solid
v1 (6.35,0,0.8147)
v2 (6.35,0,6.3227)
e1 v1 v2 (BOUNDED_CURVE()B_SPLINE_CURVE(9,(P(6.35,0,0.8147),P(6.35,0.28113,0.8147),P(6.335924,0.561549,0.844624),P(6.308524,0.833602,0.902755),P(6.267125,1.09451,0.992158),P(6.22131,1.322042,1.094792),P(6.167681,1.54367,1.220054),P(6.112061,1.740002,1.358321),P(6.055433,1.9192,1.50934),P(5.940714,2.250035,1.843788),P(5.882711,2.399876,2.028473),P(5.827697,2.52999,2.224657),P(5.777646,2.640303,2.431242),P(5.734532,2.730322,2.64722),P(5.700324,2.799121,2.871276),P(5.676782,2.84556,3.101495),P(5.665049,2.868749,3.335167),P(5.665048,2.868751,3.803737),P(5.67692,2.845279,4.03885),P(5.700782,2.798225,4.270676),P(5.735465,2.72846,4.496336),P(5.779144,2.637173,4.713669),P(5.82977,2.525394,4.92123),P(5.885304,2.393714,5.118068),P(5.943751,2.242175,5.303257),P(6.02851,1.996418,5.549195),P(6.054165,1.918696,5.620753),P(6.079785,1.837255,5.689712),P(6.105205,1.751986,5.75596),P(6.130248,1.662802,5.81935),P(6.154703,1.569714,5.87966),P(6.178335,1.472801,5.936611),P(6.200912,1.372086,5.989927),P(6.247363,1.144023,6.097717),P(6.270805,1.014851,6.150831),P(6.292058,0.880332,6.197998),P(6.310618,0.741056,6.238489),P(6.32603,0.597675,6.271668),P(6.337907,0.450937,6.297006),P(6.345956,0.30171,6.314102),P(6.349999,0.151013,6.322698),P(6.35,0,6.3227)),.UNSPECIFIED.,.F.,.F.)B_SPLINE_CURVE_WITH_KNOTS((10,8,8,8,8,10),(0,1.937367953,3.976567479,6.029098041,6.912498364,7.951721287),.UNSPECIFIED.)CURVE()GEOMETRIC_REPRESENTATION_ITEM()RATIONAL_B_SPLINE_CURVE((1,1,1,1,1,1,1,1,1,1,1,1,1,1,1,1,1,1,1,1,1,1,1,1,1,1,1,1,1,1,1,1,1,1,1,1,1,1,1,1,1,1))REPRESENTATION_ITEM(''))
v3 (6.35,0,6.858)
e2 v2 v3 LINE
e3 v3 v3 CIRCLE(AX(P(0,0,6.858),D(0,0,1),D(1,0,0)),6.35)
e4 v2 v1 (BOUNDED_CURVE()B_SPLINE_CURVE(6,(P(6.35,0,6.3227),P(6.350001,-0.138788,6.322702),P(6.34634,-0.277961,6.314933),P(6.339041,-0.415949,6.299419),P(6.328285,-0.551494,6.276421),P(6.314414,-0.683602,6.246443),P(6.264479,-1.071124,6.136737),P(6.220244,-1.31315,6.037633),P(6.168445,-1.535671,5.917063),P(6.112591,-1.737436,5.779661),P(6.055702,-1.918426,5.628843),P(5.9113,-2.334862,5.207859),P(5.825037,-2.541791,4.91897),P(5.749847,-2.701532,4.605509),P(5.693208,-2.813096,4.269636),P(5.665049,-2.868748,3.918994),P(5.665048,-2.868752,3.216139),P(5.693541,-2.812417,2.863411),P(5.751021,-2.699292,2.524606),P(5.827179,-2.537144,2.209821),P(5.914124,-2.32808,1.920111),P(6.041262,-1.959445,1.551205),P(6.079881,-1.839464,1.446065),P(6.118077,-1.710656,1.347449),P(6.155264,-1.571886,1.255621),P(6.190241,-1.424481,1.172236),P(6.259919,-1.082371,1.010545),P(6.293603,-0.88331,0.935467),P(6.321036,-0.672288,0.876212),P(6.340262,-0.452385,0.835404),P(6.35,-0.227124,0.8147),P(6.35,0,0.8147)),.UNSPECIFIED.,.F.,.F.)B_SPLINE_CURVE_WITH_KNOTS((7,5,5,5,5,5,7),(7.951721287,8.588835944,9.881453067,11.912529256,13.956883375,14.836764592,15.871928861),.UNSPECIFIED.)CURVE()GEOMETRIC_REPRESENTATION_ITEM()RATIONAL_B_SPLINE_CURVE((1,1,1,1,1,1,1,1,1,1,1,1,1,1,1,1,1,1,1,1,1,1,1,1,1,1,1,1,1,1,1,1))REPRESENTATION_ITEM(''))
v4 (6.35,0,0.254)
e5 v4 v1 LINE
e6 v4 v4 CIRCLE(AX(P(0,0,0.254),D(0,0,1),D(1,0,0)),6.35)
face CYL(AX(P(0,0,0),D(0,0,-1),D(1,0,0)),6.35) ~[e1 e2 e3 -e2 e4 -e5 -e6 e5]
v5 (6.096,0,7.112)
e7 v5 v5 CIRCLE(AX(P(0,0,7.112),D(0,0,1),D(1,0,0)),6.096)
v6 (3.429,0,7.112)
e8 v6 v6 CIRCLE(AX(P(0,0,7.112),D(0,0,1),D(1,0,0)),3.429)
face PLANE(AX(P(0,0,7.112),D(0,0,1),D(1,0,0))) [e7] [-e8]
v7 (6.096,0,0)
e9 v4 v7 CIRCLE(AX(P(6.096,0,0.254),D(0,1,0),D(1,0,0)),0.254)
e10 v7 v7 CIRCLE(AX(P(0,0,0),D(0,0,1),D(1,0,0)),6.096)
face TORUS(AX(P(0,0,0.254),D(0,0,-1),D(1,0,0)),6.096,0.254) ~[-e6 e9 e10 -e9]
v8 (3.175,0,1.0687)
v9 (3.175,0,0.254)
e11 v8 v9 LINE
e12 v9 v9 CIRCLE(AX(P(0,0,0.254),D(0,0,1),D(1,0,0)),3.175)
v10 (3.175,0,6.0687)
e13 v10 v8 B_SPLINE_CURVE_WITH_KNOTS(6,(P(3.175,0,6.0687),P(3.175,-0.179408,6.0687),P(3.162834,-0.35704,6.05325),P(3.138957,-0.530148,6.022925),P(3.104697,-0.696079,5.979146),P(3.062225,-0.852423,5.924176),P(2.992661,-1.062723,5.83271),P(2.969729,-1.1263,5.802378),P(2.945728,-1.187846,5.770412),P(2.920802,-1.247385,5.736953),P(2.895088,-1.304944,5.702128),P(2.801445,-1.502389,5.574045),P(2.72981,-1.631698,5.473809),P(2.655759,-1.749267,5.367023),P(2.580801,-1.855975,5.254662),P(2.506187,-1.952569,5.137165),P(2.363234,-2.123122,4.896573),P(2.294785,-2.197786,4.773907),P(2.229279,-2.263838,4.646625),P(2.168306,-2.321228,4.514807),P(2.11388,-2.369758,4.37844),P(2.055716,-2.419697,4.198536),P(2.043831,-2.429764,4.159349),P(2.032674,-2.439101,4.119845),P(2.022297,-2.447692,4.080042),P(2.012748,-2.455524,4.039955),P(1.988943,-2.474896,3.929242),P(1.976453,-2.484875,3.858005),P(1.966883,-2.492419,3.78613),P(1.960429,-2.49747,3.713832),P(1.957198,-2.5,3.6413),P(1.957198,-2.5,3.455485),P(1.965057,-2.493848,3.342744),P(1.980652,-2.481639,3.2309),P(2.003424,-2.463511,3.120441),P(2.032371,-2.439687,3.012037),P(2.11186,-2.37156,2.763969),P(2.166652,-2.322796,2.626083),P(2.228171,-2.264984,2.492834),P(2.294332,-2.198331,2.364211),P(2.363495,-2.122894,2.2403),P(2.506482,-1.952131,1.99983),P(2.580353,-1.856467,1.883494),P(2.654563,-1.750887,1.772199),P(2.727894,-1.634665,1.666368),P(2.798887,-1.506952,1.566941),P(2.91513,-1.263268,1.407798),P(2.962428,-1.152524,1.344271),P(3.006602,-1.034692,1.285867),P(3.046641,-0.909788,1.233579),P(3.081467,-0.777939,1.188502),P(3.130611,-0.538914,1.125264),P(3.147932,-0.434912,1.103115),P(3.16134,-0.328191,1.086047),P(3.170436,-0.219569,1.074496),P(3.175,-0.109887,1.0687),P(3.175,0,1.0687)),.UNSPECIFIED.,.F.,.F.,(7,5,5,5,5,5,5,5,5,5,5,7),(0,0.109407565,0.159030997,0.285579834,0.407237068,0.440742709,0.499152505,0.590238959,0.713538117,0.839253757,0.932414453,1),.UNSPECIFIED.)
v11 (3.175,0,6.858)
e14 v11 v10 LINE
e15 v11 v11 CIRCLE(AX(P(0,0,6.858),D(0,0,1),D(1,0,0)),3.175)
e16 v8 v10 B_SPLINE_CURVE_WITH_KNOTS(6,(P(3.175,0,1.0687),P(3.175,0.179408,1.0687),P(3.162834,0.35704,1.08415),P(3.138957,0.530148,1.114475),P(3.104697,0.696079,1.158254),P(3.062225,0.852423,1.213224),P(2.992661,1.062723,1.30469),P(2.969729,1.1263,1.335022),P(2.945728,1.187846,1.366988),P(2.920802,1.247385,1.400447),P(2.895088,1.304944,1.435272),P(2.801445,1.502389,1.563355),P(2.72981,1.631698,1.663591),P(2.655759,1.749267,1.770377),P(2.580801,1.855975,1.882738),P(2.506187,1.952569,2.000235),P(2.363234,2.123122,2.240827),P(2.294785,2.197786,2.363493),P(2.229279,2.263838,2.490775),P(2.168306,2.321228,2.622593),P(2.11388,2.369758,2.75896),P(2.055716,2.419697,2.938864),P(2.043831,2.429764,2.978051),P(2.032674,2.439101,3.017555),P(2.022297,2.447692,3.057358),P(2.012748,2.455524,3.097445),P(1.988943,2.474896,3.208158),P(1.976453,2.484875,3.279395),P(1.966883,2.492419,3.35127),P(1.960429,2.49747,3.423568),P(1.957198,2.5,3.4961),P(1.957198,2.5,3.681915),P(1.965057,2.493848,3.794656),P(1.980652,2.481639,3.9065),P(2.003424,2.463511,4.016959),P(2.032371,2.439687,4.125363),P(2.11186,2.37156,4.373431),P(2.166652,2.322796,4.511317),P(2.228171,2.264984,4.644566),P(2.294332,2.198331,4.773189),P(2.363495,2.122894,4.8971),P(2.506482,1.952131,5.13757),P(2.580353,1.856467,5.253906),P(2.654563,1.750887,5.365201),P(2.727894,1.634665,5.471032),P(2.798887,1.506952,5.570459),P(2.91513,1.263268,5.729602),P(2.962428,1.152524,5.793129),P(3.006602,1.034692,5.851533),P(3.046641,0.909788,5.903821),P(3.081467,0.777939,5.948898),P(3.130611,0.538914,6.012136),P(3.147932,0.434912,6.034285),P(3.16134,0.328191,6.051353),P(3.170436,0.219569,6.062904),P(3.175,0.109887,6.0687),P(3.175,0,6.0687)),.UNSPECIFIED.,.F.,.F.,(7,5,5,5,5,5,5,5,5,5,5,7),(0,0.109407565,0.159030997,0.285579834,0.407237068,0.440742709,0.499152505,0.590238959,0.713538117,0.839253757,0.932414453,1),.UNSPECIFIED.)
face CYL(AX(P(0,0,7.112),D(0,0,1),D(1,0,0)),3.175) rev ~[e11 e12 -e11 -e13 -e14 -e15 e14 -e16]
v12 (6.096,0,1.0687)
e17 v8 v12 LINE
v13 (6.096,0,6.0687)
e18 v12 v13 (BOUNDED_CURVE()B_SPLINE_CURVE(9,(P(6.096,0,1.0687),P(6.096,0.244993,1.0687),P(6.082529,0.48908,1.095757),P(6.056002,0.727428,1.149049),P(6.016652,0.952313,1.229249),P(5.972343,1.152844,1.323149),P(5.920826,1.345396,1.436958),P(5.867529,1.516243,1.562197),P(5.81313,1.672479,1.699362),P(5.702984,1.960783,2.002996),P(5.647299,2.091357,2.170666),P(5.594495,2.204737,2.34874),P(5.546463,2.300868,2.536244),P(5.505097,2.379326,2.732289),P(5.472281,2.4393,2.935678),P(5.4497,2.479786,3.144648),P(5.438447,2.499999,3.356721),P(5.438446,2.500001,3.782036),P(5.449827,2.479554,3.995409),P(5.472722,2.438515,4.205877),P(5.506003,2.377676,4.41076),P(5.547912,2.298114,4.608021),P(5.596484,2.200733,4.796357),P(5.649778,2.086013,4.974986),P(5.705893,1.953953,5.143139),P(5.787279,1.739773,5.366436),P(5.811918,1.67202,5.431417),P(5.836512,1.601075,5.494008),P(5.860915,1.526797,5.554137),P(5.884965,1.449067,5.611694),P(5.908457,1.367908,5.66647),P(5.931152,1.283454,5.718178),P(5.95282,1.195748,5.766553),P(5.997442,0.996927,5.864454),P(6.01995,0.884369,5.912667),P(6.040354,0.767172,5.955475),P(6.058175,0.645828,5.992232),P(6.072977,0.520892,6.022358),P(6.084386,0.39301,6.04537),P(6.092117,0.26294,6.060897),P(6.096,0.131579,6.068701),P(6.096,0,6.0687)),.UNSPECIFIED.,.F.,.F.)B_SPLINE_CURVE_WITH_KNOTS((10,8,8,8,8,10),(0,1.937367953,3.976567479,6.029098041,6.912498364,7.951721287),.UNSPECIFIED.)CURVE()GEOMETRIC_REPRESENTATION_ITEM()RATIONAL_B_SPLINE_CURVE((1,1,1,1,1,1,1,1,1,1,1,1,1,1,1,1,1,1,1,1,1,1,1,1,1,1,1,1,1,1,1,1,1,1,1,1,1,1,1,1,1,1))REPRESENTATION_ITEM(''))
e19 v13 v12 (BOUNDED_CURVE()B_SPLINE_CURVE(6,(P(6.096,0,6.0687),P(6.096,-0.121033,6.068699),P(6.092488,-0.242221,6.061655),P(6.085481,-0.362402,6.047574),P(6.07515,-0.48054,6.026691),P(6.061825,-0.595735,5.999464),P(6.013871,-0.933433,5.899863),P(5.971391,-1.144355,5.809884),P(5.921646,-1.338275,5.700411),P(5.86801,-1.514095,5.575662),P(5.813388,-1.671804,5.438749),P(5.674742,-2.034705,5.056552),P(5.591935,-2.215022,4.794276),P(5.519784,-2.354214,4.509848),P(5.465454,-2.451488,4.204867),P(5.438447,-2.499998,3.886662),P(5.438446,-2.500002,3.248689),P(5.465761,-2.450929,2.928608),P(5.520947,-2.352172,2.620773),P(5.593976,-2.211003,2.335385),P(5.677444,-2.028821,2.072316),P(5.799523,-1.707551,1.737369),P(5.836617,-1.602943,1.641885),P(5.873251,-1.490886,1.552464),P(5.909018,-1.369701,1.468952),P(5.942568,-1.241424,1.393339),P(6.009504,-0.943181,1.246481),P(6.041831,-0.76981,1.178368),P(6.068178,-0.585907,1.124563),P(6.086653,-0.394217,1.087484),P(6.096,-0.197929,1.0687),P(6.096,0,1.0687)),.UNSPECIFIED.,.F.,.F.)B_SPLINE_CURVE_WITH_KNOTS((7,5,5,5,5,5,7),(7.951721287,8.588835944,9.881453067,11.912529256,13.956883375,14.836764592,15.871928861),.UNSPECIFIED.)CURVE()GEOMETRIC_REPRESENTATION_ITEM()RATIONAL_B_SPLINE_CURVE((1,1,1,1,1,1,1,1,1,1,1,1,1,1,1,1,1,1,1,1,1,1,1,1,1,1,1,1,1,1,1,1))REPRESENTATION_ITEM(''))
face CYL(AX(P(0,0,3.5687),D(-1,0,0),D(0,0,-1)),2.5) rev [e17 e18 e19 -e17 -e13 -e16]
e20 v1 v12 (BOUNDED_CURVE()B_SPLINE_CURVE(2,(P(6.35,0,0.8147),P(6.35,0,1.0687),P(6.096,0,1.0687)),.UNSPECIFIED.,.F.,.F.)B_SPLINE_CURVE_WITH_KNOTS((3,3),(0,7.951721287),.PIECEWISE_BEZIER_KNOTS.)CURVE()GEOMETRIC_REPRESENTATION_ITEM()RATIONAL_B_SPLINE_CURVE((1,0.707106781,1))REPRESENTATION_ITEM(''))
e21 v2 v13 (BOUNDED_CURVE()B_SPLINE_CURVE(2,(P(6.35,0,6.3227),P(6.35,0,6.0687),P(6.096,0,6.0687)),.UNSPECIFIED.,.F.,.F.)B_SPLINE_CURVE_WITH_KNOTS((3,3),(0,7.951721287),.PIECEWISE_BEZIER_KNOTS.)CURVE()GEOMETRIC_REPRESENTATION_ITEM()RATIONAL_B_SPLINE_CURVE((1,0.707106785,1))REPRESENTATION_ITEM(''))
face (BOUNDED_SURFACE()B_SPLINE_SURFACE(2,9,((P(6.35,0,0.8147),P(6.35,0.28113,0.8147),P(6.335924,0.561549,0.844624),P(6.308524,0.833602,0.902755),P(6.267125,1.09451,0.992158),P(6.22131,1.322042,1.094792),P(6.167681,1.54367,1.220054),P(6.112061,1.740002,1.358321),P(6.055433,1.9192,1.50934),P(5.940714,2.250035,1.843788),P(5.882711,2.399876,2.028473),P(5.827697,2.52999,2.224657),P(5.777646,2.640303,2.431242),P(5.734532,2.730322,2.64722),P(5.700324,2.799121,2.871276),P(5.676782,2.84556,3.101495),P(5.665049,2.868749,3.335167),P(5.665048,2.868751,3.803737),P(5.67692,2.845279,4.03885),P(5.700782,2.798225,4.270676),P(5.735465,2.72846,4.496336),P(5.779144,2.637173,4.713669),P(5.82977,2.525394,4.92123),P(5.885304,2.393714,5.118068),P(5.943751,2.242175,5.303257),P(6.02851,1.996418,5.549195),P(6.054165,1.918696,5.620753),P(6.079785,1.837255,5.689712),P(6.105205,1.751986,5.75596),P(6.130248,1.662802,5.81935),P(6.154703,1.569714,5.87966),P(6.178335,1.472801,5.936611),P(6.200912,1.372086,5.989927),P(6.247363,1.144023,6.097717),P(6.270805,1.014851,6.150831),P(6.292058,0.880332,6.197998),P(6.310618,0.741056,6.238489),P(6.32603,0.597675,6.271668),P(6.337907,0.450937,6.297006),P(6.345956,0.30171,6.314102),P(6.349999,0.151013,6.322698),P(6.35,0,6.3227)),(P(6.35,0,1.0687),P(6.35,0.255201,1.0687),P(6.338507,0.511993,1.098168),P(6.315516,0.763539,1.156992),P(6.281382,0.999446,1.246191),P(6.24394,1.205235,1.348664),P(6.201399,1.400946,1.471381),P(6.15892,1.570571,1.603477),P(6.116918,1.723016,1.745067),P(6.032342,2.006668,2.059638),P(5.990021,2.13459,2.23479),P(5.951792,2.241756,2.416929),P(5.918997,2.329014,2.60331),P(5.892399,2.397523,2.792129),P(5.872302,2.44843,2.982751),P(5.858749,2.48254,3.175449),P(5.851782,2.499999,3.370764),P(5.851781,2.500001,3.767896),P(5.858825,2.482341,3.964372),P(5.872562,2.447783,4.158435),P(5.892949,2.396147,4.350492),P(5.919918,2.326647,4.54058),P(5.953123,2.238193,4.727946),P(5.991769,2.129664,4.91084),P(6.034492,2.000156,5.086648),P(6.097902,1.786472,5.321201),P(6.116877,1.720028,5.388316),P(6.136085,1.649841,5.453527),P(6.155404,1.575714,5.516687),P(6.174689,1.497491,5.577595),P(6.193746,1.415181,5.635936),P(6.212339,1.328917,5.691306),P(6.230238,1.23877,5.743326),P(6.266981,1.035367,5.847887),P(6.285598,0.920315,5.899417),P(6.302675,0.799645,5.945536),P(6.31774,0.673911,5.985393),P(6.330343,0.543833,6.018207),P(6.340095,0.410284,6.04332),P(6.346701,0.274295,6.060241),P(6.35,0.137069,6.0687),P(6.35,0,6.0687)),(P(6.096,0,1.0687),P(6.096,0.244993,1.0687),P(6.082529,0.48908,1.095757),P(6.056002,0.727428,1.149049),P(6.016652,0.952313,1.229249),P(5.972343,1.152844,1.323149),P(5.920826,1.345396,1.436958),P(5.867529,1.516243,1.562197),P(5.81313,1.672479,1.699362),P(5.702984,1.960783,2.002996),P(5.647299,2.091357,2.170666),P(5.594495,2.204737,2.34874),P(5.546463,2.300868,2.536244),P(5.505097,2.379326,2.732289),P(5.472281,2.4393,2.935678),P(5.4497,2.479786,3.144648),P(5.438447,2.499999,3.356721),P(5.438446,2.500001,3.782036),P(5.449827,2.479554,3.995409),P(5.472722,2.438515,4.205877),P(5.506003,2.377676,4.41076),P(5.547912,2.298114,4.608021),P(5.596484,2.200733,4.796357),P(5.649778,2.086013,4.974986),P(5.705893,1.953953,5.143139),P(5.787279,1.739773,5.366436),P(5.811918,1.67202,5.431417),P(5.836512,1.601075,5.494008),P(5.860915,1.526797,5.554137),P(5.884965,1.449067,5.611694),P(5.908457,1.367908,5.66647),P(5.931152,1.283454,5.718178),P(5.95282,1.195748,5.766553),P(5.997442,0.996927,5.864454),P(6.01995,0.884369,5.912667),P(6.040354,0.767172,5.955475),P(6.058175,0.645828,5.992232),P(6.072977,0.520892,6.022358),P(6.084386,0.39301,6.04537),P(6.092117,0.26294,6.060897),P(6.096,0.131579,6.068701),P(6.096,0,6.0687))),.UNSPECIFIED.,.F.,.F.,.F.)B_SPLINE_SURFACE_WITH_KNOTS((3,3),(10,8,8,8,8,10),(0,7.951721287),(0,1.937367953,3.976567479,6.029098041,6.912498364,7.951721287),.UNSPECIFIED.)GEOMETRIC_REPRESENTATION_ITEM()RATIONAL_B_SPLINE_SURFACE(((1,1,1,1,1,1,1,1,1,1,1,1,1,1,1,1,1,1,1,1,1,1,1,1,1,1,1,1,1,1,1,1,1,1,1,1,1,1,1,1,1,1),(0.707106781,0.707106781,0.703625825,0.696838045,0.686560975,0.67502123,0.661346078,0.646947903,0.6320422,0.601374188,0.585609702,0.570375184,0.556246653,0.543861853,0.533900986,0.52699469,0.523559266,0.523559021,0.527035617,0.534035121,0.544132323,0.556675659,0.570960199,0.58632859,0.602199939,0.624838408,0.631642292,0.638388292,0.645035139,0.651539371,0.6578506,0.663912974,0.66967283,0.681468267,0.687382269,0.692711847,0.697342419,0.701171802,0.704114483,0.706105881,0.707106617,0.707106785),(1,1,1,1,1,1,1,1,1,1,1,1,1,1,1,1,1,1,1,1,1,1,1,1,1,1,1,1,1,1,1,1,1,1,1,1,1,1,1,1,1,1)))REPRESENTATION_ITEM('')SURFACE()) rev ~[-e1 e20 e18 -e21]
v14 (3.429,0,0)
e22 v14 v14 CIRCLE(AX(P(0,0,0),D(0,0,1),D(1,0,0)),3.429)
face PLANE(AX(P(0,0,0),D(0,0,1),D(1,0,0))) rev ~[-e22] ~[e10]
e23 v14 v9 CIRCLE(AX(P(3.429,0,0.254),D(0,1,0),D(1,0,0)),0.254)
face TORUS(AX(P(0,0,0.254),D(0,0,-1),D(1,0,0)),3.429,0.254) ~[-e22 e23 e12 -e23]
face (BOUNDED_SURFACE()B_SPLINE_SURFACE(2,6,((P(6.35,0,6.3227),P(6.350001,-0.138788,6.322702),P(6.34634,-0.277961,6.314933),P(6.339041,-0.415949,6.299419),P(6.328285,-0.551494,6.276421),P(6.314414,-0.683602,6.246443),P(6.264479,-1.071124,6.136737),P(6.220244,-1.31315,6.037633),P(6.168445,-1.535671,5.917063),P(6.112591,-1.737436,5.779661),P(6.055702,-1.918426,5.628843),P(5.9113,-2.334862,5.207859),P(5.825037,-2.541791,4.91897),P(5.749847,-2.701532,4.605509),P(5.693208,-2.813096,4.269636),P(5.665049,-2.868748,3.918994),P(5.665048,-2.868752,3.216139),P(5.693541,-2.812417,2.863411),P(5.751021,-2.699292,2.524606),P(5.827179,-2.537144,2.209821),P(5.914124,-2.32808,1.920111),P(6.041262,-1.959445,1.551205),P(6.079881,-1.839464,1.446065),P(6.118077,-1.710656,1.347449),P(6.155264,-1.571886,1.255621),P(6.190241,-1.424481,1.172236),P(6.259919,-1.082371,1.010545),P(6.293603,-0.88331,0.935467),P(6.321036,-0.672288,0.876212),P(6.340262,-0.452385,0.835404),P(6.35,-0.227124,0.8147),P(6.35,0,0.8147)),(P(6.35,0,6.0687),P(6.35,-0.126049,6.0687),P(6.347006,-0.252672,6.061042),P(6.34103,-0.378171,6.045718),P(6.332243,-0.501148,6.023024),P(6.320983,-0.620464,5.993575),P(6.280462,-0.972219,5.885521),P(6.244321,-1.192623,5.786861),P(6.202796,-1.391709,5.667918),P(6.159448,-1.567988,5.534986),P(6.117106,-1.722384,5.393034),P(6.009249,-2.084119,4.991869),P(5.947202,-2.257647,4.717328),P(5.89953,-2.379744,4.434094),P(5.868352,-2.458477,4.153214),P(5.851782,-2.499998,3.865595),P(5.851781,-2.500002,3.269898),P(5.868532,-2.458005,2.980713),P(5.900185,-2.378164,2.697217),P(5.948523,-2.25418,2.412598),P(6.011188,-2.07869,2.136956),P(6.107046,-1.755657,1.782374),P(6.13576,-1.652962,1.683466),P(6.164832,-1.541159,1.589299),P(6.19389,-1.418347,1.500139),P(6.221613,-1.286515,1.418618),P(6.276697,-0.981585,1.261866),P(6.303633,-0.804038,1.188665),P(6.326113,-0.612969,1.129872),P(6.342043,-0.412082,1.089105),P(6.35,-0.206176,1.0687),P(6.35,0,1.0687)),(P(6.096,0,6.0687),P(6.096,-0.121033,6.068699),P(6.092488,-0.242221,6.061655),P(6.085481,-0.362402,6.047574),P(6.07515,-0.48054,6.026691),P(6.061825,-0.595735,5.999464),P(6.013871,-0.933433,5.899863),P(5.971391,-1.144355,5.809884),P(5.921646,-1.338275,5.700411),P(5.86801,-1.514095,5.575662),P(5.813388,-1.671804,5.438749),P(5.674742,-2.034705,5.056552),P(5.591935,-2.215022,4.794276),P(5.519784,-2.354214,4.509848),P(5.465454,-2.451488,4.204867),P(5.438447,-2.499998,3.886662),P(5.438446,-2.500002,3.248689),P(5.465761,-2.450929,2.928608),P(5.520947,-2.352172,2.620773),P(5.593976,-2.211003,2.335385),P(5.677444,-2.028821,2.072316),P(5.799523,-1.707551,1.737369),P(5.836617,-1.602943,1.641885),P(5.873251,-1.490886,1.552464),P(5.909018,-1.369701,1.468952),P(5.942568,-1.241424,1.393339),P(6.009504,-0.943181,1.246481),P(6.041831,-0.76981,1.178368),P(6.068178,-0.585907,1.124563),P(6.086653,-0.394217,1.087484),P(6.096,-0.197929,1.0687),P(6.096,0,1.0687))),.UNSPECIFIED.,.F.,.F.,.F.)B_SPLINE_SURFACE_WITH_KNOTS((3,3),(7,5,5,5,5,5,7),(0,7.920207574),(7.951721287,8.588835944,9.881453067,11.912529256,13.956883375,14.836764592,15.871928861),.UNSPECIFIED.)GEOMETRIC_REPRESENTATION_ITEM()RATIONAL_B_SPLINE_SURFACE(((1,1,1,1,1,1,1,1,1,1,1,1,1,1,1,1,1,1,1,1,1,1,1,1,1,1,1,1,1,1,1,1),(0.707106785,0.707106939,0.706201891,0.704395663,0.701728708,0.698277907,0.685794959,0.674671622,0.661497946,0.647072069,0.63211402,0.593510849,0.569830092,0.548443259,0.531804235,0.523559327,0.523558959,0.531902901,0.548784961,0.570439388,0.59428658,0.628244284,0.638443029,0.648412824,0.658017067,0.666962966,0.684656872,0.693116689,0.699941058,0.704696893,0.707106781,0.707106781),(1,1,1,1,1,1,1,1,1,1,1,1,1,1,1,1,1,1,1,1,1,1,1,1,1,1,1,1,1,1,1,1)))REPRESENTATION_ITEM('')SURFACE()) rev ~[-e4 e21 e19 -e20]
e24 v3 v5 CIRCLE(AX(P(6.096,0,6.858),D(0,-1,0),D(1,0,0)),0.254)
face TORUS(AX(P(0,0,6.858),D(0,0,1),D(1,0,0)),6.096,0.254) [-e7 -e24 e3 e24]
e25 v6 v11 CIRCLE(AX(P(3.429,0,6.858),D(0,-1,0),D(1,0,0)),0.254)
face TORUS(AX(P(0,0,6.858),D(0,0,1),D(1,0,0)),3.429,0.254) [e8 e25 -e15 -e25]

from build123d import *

# Parameters (mm, degrees)
SKETCH2_R           = 6.35
BOSS_EXTRUDE1_DEPTH = 7.112
SKETCH3_R           = 3.175
CUT_EXTRUDE1_DEPTH  = 19.05
SKETCH4_R           = 2.499999953
CUT_EXTRUDE2_DEPTH  = 19.05
FILLET1_R           = 0.254


with BuildPart() as part:
    # Sketch2 → Boss-Extrude1 (new body)
    with BuildSketch(Plane.XY):
        Circle(SKETCH2_R)
    extrude(amount=BOSS_EXTRUDE1_DEPTH)

    # Sketch3 → Cut-Extrude1 (cut)
    with BuildSketch(Plane.XY.offset(7.112)):
        Circle(SKETCH3_R)
    extrude(amount=-CUT_EXTRUDE1_DEPTH, mode=Mode.SUBTRACT)

    # Sketch4 → Cut-Extrude2 (cut)
    with BuildSketch(Plane(origin=(0, 0, 0), x_dir=(0, 0, -1), z_dir=(1, 0, 0))):
        with Locations((-3.5687, 0)):
            Circle(SKETCH4_R)
    extrude(amount=CUT_EXTRUDE2_DEPTH, mode=Mode.SUBTRACT)

    # Fillet1
    fillet1_edges = [part.edges().sort_by_distance(p)[0] for p in [
        (5.837165428, 2.499999953, 3.5687),
        (-6.35, 0, 0),
        (-6.35, 0, 7.112),
        (-3.175, 0, 0),
        (-3.175, 0, 7.112),
    ]]
    fillet(fillet1_edges, radius=FILLET1_R)


solid = part.part
